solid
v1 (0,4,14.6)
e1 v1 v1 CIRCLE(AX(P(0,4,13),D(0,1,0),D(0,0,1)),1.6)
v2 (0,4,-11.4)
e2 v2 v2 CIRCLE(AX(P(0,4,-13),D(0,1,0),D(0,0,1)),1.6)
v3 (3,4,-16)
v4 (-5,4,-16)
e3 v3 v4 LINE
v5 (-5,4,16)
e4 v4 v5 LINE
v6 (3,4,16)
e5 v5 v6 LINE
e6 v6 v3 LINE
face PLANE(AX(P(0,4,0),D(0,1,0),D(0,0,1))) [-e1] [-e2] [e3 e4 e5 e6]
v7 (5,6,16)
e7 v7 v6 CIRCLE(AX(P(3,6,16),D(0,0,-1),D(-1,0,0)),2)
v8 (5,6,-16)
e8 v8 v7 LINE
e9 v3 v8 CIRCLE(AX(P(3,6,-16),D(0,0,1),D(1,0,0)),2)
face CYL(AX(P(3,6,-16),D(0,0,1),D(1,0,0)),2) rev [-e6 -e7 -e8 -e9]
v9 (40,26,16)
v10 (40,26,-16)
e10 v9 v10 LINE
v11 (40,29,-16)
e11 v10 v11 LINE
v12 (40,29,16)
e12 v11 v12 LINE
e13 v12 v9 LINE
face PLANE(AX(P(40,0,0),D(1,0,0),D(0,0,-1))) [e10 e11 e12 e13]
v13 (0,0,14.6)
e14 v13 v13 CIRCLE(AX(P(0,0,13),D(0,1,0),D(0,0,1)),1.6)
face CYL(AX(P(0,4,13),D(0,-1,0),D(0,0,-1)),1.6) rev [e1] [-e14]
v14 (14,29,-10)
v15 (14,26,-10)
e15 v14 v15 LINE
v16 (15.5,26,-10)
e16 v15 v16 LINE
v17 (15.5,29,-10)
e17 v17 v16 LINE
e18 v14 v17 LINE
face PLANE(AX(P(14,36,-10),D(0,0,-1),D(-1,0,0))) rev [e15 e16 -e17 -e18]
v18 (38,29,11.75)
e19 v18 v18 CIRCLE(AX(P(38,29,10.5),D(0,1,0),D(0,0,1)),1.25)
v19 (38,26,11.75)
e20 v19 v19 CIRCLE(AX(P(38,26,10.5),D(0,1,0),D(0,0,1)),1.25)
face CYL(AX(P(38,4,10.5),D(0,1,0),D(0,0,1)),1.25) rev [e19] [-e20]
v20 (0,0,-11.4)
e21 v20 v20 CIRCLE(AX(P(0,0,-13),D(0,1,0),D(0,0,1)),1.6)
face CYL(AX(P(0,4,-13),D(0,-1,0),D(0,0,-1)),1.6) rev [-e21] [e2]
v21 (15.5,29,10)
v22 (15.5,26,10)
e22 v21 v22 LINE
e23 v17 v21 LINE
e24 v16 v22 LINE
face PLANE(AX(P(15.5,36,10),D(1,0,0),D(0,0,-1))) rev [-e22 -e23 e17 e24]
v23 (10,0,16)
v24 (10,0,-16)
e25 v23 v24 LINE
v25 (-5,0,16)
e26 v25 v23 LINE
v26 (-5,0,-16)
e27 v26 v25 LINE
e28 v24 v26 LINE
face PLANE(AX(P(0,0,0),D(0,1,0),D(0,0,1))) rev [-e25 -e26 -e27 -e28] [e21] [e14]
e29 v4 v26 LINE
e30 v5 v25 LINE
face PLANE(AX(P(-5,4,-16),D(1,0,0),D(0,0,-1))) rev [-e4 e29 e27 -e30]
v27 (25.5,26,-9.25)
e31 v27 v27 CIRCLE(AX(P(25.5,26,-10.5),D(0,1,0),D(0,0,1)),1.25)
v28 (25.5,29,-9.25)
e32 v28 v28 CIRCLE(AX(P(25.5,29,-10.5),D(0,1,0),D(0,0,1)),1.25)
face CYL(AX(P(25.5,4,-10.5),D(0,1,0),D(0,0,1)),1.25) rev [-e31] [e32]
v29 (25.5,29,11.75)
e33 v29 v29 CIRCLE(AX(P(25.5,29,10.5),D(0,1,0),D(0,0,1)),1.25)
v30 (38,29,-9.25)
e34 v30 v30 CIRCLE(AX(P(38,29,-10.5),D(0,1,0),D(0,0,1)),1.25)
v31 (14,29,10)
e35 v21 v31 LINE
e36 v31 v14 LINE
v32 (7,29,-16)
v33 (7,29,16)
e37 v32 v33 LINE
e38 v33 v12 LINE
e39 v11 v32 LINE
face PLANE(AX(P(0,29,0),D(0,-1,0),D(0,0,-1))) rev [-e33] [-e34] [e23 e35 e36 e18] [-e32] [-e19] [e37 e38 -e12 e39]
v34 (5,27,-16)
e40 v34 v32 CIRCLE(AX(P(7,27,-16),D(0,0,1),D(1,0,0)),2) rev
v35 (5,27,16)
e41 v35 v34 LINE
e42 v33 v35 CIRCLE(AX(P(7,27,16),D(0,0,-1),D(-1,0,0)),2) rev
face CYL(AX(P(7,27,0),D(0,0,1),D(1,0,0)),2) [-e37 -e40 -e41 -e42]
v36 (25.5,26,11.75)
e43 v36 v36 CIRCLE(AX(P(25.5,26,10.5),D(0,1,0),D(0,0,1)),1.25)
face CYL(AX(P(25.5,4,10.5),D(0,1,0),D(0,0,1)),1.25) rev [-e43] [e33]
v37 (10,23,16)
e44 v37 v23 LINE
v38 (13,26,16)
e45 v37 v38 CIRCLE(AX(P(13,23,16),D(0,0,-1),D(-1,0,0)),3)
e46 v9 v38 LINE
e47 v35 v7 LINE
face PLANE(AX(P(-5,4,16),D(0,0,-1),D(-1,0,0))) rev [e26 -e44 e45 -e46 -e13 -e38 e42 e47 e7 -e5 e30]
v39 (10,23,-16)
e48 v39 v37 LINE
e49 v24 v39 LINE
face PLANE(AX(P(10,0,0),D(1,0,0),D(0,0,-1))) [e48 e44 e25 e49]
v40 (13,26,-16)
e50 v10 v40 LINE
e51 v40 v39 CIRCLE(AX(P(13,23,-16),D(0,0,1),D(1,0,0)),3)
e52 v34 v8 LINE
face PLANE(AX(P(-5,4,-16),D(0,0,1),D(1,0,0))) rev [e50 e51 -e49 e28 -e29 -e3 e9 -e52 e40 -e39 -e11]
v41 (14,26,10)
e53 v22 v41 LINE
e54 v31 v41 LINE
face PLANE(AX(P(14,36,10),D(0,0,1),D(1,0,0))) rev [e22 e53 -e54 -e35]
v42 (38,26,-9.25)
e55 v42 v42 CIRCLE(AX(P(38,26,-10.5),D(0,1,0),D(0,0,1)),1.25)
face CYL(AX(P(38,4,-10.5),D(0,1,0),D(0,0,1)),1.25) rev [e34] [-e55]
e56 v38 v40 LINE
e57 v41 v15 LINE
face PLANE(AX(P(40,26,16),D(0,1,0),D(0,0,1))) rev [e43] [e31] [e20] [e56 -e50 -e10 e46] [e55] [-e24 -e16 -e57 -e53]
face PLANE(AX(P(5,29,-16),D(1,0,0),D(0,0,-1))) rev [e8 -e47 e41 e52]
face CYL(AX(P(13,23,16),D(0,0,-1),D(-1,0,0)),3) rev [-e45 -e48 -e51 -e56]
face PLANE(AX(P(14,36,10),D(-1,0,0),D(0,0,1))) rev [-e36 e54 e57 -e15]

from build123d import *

# Parameters (mm, degrees)
SKETCH1_W           = 10
SKETCH1_H           = 32
SKETCH1_R           = 1.6
BOSS_EXTRUDE1_DEPTH = 4
SKETCH2_W           = 32
SKETCH2_H           = 4
BOSS_EXTRUDE2_DEPTH = 5
SKETCH3_W           = 5
SKETCH3_H           = 32
BOSS_EXTRUDE3_DEPTH = 25
FILLET1_R           = 2
SKETCH4_W           = 32
SKETCH4_H           = 3
BOSS_EXTRUDE4_DEPTH = 30
SKETCH5_R           = 1.25
CUT_EXTRUDE1_DEPTH  = 25
FILLET2_R           = 2
FILLET3_R           = 3
SKETCH7_W           = 1.5
SKETCH7_H           = 20
CUT_EXTRUDE2_DEPTH  = 10


with BuildPart() as part:
    # Sketch1 → Boss-Extrude1 (new body)
    with BuildSketch(Plane(origin=(0, 0, 0), x_dir=(1, 0, 0), z_dir=(0, 1, 0))):
        Rectangle(SKETCH1_W, SKETCH1_H)
        with Locations(Location((0, -13, 0), (0, 0, 270))):
            Circle(SKETCH1_R, mode=Mode.SUBTRACT)
        with Locations(Location((0, 13, 0), (0, 0, 270))):
            Circle(SKETCH1_R, mode=Mode.SUBTRACT)
    extrude(amount=BOSS_EXTRUDE1_DEPTH)

    # Sketch2 → Boss-Extrude2 (add)
    with BuildSketch(Plane(origin=(5, 0, 0), x_dir=(0, 0, -1), z_dir=(1, 0, 0))):
        with Locations((0, 2)):
            Rectangle(SKETCH2_W, SKETCH2_H)
    extrude(amount=BOSS_EXTRUDE2_DEPTH)

    # Sketch3 → Boss-Extrude3 (add)
    with BuildSketch(Plane(origin=(0, 4, 0), x_dir=(1, 0, 0), z_dir=(0, 1, 0))):
        with Locations((7.5, 0)):
            Rectangle(SKETCH3_W, SKETCH3_H)
    extrude(amount=BOSS_EXTRUDE3_DEPTH)

    # Fillet1
    fillet1_edges = [part.edges().sort_by_distance(p)[0] for p in [
        (5, 4, 0),
    ]]
    fillet(fillet1_edges, radius=FILLET1_R)

    # Sketch4 → Boss-Extrude4 (add)
    with BuildSketch(Plane(origin=(10, 0, 0), x_dir=(0, 0, -1), z_dir=(1, 0, 0))):
        with Locations((0, 27.5)):
            Rectangle(SKETCH4_W, SKETCH4_H)
    extrude(amount=BOSS_EXTRUDE4_DEPTH)

    # Sketch5 → Cut-Extrude1 (cut)
    with BuildSketch(Plane(origin=(0, 29, 0), x_dir=(1, 0, 0), z_dir=(0, 1, 0))):
        with Locations(Location((38, -10.5, 0), (0, 0, 270))):
            Circle(SKETCH5_R)
        with Locations(Location((38, 10.5, 0), (0, 0, 270))):
            Circle(SKETCH5_R)
        with Locations(Location((25.5, 10.5, 0), (0, 0, 270))):
            Circle(SKETCH5_R)
        with Locations(Location((25.5, -10.5, 0), (0, 0, 270))):
            Circle(SKETCH5_R)
    extrude(amount=-CUT_EXTRUDE1_DEPTH, mode=Mode.SUBTRACT)

    # Fillet2
    fillet2_edges = [part.edges().sort_by_distance(p)[0] for p in [
        (5, 29, 0),
    ]]
    fillet(fillet2_edges, radius=FILLET2_R)

    # Fillet3
    fillet3_edges = [part.edges().sort_by_distance(p)[0] for p in [
        (10, 26, 0),
    ]]
    fillet(fillet3_edges, radius=FILLET3_R)

    # Sketch7 → Cut-Extrude2 (cut)
    with BuildSketch(Plane.XZ.offset(-26)):
        with Locations((14.75, 0)):
            Rectangle(SKETCH7_W, SKETCH7_H)
    extrude(amount=-CUT_EXTRUDE2_DEPTH, mode=Mode.SUBTRACT)


solid = part.part
